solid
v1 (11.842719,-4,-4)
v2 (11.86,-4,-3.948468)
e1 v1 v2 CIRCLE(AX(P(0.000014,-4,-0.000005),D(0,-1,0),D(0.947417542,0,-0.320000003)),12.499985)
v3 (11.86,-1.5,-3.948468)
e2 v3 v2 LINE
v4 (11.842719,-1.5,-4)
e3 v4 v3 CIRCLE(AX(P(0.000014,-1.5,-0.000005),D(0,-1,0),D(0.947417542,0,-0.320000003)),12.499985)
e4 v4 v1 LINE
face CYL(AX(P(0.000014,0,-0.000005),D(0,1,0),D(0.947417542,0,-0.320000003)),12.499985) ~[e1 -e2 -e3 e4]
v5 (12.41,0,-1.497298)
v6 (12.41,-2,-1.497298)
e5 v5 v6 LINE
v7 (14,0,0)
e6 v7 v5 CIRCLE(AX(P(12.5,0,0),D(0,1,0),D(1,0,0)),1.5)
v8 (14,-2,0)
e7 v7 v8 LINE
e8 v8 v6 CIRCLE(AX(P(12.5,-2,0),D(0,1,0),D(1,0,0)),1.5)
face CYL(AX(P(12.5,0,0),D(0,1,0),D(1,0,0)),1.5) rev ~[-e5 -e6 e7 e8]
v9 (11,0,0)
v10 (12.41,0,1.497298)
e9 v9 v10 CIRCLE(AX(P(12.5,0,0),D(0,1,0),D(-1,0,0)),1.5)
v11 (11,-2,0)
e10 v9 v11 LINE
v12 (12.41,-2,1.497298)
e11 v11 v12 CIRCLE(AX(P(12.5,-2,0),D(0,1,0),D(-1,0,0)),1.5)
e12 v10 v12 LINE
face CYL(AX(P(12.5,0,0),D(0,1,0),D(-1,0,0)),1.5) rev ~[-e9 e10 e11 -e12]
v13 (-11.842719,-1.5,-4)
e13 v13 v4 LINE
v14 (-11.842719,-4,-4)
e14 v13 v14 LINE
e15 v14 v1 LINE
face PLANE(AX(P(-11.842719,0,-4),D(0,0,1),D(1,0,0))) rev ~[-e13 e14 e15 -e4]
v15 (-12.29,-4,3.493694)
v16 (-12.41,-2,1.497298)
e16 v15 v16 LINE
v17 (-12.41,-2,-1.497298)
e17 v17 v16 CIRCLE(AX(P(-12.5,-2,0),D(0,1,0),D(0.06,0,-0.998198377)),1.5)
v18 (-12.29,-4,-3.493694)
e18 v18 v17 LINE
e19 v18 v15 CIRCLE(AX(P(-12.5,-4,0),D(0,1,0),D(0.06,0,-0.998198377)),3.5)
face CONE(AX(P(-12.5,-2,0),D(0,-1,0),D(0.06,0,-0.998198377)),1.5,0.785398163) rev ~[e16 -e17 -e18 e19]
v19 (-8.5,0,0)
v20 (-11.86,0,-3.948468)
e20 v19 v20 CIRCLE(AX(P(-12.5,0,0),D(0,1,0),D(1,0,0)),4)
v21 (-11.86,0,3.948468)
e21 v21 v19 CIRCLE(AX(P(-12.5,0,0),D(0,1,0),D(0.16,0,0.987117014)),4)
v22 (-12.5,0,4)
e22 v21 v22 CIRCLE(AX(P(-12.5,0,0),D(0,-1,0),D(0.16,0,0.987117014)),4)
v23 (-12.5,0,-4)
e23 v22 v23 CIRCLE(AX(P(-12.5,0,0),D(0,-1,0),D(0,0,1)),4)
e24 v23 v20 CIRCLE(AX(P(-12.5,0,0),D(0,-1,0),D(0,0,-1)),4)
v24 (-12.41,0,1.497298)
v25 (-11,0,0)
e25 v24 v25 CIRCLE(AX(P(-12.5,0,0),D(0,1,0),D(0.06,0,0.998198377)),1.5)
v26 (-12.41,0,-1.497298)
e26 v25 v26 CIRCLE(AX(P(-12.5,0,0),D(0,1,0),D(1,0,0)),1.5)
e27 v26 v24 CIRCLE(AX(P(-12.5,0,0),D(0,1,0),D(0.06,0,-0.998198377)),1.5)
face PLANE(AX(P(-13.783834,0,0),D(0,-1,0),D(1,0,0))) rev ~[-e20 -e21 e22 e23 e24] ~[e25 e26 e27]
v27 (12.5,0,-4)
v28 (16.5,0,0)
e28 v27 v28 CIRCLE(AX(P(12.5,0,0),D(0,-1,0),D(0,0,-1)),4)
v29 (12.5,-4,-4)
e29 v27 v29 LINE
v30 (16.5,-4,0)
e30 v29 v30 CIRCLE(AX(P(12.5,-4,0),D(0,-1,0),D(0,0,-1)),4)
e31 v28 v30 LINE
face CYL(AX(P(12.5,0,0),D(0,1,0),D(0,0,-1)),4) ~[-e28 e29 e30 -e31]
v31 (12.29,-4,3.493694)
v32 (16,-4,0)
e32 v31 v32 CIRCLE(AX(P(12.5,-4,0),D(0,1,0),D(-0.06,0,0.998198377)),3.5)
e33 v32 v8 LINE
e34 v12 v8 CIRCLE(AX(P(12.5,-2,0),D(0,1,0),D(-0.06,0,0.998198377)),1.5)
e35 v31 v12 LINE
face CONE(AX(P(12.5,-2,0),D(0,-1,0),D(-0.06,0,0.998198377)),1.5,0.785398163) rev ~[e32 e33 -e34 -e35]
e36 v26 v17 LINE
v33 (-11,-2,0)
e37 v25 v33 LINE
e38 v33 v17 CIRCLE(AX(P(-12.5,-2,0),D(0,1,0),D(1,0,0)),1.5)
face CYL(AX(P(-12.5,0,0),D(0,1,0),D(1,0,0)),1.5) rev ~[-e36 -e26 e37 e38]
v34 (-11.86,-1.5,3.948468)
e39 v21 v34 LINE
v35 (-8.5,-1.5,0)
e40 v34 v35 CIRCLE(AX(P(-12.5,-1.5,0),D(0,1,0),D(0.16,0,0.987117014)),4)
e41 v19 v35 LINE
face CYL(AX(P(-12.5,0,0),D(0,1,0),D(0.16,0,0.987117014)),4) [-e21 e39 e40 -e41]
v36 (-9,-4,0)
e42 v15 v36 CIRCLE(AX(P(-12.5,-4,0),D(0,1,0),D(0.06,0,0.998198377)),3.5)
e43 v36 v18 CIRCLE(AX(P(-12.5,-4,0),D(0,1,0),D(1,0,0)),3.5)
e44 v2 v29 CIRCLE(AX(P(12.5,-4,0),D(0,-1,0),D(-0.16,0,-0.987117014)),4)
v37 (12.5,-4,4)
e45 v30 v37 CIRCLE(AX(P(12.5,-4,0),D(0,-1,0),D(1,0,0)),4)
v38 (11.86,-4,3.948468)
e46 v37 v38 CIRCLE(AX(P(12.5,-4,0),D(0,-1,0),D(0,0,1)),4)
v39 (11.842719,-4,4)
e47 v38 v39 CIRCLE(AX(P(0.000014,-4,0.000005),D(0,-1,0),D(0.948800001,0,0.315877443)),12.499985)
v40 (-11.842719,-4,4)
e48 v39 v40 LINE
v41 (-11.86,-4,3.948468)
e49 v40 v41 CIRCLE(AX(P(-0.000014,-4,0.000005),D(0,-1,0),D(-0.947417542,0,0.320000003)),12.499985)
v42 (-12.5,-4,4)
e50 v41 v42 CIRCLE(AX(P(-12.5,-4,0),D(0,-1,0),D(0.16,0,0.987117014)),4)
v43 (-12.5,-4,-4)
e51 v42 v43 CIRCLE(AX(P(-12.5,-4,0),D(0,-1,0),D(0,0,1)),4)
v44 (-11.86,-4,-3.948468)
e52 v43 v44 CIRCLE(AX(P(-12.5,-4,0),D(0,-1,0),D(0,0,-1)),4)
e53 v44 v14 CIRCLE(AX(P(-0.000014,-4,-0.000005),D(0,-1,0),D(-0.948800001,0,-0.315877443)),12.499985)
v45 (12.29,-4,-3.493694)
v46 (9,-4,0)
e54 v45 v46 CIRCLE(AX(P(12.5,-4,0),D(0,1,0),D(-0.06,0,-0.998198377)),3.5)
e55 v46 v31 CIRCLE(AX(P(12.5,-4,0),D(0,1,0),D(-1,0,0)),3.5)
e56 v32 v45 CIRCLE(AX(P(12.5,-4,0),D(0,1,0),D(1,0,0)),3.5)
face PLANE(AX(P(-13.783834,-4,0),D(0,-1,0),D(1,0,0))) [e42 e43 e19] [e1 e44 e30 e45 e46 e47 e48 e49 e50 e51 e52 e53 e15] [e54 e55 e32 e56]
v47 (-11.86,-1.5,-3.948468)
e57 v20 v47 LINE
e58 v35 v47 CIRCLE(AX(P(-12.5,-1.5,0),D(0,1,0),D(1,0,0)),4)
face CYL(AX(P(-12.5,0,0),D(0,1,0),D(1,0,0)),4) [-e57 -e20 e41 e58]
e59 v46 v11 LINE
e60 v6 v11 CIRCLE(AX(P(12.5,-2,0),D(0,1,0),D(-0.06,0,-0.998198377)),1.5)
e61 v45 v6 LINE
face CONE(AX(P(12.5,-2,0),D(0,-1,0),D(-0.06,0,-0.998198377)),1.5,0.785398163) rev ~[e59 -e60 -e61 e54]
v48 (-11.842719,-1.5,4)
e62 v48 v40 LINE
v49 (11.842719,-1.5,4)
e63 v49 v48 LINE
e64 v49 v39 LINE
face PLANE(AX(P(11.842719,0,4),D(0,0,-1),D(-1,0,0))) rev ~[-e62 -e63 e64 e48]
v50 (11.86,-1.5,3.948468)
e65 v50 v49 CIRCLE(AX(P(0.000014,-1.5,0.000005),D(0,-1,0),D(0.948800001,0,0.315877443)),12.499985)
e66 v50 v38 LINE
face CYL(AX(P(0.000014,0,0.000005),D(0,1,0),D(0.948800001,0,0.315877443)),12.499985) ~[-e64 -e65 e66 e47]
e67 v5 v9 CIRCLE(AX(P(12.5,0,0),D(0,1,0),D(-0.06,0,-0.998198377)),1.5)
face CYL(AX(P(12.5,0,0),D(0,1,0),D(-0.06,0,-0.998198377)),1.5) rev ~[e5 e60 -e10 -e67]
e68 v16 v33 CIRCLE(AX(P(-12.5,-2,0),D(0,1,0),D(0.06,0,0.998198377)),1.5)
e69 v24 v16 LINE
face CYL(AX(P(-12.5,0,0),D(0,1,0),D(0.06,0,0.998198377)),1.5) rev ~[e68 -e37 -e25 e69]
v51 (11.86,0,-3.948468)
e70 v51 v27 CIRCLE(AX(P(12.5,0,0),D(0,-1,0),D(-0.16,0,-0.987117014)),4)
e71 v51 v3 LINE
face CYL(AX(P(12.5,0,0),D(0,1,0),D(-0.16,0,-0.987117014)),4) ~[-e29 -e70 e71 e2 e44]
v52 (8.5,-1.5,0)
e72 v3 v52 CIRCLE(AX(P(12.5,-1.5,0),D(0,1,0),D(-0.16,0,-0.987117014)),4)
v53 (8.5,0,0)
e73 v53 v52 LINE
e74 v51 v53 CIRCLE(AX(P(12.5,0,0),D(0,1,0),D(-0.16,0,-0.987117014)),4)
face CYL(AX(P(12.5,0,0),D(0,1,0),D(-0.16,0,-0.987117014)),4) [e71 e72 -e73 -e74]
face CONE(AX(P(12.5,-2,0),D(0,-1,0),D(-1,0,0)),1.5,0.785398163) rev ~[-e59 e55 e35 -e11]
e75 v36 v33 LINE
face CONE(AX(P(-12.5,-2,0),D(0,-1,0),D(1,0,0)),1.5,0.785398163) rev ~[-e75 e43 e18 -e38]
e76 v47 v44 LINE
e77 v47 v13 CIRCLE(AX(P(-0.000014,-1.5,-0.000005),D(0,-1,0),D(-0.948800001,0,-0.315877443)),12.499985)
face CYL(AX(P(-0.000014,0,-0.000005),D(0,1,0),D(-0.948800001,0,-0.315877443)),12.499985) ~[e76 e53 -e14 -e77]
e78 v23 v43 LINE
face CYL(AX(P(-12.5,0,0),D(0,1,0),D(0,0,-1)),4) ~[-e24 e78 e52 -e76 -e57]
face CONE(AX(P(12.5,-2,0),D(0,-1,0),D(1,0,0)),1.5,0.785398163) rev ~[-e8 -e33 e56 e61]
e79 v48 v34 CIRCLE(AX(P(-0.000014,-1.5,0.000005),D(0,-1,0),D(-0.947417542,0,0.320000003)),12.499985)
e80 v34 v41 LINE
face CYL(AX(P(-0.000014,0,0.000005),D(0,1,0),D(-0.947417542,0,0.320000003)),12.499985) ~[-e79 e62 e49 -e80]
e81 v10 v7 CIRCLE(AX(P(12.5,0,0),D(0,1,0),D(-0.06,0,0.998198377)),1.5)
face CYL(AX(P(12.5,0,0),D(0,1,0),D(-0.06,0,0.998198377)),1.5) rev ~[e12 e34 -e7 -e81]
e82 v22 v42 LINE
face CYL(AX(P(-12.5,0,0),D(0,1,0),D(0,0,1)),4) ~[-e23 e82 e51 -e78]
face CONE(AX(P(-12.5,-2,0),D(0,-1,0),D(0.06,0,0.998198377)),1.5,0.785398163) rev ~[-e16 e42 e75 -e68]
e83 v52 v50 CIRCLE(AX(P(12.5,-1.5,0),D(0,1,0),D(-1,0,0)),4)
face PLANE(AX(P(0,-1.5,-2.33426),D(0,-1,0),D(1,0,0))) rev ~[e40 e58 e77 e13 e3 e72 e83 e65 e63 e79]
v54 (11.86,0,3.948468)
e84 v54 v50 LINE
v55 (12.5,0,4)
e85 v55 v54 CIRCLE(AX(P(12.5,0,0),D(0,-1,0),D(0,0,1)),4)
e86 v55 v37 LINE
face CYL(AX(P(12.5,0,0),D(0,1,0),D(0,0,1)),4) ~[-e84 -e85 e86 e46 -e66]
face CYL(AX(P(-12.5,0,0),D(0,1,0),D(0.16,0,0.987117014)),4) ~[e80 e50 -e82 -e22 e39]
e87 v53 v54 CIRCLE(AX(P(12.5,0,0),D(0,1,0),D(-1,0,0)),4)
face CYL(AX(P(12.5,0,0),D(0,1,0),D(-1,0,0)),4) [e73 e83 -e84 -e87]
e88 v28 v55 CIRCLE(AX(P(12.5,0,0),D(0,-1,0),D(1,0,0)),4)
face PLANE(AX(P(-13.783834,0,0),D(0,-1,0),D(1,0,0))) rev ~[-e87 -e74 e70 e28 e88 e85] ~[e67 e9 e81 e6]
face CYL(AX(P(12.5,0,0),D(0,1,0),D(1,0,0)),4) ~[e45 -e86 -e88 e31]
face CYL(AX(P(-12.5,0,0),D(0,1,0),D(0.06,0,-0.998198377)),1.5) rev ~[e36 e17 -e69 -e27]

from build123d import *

# Parameters (mm, degrees)
F1_DEPTH = 4
F2_DEPTH = 1.5
F3_SIZE  = 2


with BuildPart() as f1:
    # F0 (on Front) → F1 (new body)
    with BuildSketch(Plane.XZ):
        with BuildLine():
            ThreePointArc((-12.41, 1.4972975656), (-12.1967325212, 2.7367345149), (-11.86, 3.9484680574))
            ThreePointArc((-11.86, 3.9484680574), (-12.1789643551, 3.9870962008), (-12.5, 4))
            ThreePointArc((-12.5, 4), (-16.5, 0), (-12.5, -4))
            ThreePointArc((-12.5, -4), (-12.1789643551, -3.9870962008), (-11.86, -3.9484680574))
            ThreePointArc((-11.86, -3.9484680574), (-12.1967325212, -2.7367345149), (-12.41, -1.4972975656))
            ThreePointArc((-12.41, -1.4972975656), (-14, 0), (-12.41, 1.4972975656))
        make_face()
        with BuildLine():
            Line((-11, 0), (-8.5, 0))
            ThreePointArc((-8.5, 0), (-9.4536907577, 2.5922962794), (-11.86, 3.9484680574))
            ThreePointArc((-11.86, 3.9484680574), (-12.1967325212, 2.7367345149), (-12.41, 1.4972975656))
            ThreePointArc((-12.41, 1.4972975656), (-11.4079835166, 1.0283481901), (-11, 0))
        make_face()
        with BuildLine():
            ThreePointArc((-11.86, -3.9484680574), (-9.4536907577, -2.5922962794), (-8.5, 0))
            Line((-8.5, 0), (-11, 0))
            ThreePointArc((-11, 0), (-11.4079835166, -1.0283481901), (-12.41, -1.4972975656))
            ThreePointArc((-12.41, -1.4972975656), (-12.1967325212, -2.7367345149), (-11.86, -3.9484680574))
        make_face()
        with BuildLine():
            ThreePointArc((11.8427192823, -4), (11.85138765, -3.9742434211), (11.86, -3.9484680574))
            ThreePointArc((11.86, -3.9484680574), (9.4536907577, -2.5922962794), (8.5, 0))
            Line((8.5, 0), (-8.5, 0))
            ThreePointArc((-8.5, 0), (-9.4536907577, -2.5922962794), (-11.86, -3.9484680574))
            ThreePointArc((-11.86, -3.9484680574), (-11.85138765, -3.9742434211), (-11.8427192823, -4))
            Line((-11.8427192823, -4), (11.8427192823, -4))
        make_face()
        with BuildLine():
            ThreePointArc((8.5, 0), (9.4536907577, 2.5922962794), (11.86, 3.9484680574))
            ThreePointArc((11.86, 3.9484680574), (11.85138765, 3.9742434211), (11.8427192823, 4))
            Line((11.8427192823, 4), (-11.8427192823, 4))
            ThreePointArc((-11.8427192823, 4), (-11.85138765, 3.9742434211), (-11.86, 3.9484680574))
            ThreePointArc((-11.86, 3.9484680574), (-9.4536907577, 2.5922962794), (-8.5, 0))
            Line((-8.5, 0), (8.5, 0))
        make_face()
        with BuildLine():
            ThreePointArc((11, 0), (11.4079835166, 1.0283481901), (12.41, 1.4972975656))
            ThreePointArc((12.41, 1.4972975656), (12.1967325212, 2.7367345149), (11.86, 3.9484680574))
            ThreePointArc((11.86, 3.9484680574), (9.4536907577, 2.5922962794), (8.5, 0))
            Line((8.5, 0), (11, 0))
        make_face()
        with BuildLine():
            ThreePointArc((11.86, -3.9484680574), (12.1967325212, -2.7367345149), (12.41, -1.4972975656))
            ThreePointArc((12.41, -1.4972975656), (11.4079835166, -1.0283481901), (11, 0))
            Line((11, 0), (8.5, 0))
            ThreePointArc((8.5, 0), (9.4536907577, -2.5922962794), (11.86, -3.9484680574))
        make_face()
        with BuildLine():
            ThreePointArc((11.86, 3.9484680574), (12.1967325212, 2.7367345149), (12.41, 1.4972975656))
            ThreePointArc((12.41, 1.4972975656), (13.5283481901, 1.0920164834), (14, 0))
            ThreePointArc((14, 0), (13.5283481901, -1.0920164834), (12.41, -1.4972975656))
            ThreePointArc((12.41, -1.4972975656), (12.1967325212, -2.7367345149), (11.86, -3.9484680574))
            ThreePointArc((11.86, -3.9484680574), (12.1789643551, -3.9870962008), (12.5, -4))
            ThreePointArc((12.5, -4), (15.3284271247, -2.8284271247), (16.5, 0))
            ThreePointArc((16.5, 0), (15.3284271247, 2.8284271247), (12.5, 4))
            ThreePointArc((12.5, 4), (12.1789643551, 3.9870962008), (11.86, 3.9484680574))
        make_face()
    extrude(amount=F1_DEPTH)

    # F0 (on Front) → F2 (cut)
    with BuildSketch(Plane.XZ):
        with BuildLine():
            ThreePointArc((11.8427192823, -4), (11.85138765, -3.9742434211), (11.86, -3.9484680574))
            ThreePointArc((11.86, -3.9484680574), (9.4536907577, -2.5922962794), (8.5, 0))
            Line((8.5, 0), (-8.5, 0))
            ThreePointArc((-8.5, 0), (-9.4536907577, -2.5922962794), (-11.86, -3.9484680574))
            ThreePointArc((-11.86, -3.9484680574), (-11.85138765, -3.9742434211), (-11.8427192823, -4))
            Line((-11.8427192823, -4), (11.8427192823, -4))
        make_face()
        with BuildLine():
            ThreePointArc((8.5, 0), (9.4536907577, 2.5922962794), (11.86, 3.9484680574))
            ThreePointArc((11.86, 3.9484680574), (11.85138765, 3.9742434211), (11.8427192823, 4))
            Line((11.8427192823, 4), (-11.8427192823, 4))
            ThreePointArc((-11.8427192823, 4), (-11.85138765, 3.9742434211), (-11.86, 3.9484680574))
            ThreePointArc((-11.86, 3.9484680574), (-9.4536907577, 2.5922962794), (-8.5, 0))
            Line((-8.5, 0), (8.5, 0))
        make_face()
    extrude(amount=F2_DEPTH, mode=Mode.SUBTRACT)

    # F3
    f3_edges = [f1.edges().sort_by_distance(p)[0] for p in [
        (-14, -4, 0),
        (12.59, -4, -1.497298),
    ]]
    chamfer(f3_edges, length=F3_SIZE)


solid = f1.part
